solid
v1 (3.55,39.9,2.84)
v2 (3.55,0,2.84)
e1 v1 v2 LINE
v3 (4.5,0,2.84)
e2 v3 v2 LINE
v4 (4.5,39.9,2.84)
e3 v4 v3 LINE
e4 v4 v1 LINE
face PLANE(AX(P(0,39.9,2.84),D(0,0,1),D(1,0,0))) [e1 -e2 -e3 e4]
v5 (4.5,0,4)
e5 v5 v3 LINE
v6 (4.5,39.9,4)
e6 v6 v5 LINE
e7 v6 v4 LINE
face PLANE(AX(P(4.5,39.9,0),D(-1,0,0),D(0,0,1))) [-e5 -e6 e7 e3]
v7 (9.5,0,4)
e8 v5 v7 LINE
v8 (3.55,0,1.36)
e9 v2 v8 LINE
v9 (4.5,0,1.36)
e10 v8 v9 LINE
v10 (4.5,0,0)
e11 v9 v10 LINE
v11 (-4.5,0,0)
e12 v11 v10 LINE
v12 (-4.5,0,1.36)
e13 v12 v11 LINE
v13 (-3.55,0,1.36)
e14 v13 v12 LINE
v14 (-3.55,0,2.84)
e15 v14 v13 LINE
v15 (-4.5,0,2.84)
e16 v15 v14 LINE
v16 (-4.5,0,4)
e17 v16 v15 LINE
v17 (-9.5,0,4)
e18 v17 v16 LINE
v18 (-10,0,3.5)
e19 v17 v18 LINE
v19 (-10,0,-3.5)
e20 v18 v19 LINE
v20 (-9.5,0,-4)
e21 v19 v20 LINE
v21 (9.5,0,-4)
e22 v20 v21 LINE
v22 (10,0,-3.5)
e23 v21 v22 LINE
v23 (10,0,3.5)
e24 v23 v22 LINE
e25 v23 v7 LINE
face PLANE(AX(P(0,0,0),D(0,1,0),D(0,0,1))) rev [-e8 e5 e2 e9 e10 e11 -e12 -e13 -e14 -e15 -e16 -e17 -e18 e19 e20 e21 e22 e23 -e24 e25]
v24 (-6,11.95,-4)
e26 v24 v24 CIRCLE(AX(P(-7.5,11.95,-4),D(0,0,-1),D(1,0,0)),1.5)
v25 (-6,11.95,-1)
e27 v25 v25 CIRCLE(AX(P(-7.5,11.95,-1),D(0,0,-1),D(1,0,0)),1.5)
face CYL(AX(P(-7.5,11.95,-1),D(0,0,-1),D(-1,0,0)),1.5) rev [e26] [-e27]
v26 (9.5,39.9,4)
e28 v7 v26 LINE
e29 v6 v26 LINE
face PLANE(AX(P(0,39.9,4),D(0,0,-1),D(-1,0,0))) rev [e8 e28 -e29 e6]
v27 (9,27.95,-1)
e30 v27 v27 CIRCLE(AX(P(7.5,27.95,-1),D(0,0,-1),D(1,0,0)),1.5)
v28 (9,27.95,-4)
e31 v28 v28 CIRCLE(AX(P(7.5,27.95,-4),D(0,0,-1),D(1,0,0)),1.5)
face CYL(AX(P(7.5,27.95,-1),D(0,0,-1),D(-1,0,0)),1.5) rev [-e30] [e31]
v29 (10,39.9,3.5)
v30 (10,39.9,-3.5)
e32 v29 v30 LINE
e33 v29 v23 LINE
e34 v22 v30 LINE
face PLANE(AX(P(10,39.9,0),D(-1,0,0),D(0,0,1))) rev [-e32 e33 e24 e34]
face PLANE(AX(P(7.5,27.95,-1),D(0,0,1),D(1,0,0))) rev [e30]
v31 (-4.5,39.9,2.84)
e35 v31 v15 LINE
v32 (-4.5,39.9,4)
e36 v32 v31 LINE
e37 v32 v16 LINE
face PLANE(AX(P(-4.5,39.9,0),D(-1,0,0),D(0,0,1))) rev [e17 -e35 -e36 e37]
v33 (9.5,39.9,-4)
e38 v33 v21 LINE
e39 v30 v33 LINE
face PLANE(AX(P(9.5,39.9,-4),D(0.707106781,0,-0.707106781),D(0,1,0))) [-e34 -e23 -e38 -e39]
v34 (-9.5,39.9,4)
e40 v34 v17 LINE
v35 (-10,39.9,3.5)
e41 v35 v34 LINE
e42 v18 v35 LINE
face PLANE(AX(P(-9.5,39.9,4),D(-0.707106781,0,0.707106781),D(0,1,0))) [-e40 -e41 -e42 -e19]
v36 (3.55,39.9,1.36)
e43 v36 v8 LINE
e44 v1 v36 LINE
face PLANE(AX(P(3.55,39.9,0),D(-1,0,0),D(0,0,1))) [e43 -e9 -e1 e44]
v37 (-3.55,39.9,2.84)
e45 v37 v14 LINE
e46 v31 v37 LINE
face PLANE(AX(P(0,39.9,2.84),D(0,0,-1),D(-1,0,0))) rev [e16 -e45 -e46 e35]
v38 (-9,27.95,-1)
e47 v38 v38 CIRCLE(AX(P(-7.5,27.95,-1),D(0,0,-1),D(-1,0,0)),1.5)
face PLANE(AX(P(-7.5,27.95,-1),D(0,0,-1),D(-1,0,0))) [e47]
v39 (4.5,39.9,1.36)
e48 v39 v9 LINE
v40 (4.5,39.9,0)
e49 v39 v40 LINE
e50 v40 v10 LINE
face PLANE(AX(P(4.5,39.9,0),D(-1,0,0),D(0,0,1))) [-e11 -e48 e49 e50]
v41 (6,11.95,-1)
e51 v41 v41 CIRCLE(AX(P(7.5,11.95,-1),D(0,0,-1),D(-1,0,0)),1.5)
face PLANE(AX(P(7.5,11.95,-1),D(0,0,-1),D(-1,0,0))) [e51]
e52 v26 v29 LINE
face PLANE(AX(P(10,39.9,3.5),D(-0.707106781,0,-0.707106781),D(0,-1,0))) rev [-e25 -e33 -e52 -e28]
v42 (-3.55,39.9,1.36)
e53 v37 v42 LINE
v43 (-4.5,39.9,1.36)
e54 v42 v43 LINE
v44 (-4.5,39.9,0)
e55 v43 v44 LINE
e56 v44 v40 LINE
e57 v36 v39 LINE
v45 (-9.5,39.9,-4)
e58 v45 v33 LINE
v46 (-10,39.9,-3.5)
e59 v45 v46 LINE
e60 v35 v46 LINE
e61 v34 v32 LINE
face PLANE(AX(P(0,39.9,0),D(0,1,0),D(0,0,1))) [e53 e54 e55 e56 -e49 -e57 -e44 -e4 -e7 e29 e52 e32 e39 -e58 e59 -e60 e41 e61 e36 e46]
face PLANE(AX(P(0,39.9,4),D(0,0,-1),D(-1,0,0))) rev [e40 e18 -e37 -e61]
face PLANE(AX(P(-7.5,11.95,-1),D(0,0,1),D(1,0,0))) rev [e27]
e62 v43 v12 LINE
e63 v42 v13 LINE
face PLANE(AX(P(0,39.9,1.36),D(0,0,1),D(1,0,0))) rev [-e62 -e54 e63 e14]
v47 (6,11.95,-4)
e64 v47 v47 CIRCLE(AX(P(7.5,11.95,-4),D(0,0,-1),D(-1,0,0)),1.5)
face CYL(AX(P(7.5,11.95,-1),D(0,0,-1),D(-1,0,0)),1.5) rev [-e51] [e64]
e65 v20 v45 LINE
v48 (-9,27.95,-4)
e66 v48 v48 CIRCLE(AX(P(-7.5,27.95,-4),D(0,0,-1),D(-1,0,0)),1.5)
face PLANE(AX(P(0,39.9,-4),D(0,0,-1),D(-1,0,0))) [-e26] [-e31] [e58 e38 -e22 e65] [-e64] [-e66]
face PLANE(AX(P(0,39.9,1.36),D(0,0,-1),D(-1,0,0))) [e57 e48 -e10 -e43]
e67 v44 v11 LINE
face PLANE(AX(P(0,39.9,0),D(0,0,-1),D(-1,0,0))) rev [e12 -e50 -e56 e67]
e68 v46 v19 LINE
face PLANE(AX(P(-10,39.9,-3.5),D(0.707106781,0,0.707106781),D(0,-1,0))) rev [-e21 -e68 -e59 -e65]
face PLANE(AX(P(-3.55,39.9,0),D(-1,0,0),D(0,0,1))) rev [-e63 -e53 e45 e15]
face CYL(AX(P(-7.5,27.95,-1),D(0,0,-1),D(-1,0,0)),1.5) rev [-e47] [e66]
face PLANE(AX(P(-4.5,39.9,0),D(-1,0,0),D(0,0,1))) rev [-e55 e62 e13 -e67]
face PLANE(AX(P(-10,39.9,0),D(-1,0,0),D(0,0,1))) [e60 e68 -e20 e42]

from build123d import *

# Parameters (mm, degrees)
EXTRUDE_1_DEPTH     = 39.9
SKETCH_2_R          = 1.5
CUT_EXTRUDE_1_DEPTH = 3
CHAMFER_1_SIZE      = 0.5


with BuildPart() as part:
    # 草图1 → 凸台-拉伸1 (new body)
    with BuildSketch(Plane(origin=(0, 0, 0), x_dir=(1, 0, 0), z_dir=(0, 1, 0))):
        Polygon((-10, 4), (-10, -4), (-4.5, -4), (-4.5, -2.84), (-3.55, -2.84), (-3.55, -1.36), (-4.5, -1.36), (-4.5, 0), (4.5, 0), (4.5, -1.36), (3.55, -1.36), (3.55, -2.84), (4.5, -2.84), (4.5, -4), (10, -4), (10, 4), align=None)
    extrude(amount=EXTRUDE_1_DEPTH)

    # 草图2 → 切除-拉伸1 (cut)
    with BuildSketch(Plane(origin=(0, 0, -4), x_dir=(-1, 0, 0), z_dir=(0, 0, -1))):
        with Locations((7.5, 27.95)):
            Circle(SKETCH_2_R)
        with Locations(Location((-7.5, 27.95, 0), (0, 0, 180))):
            Circle(SKETCH_2_R)
        with Locations(Location((7.5, 11.95, 0), (0, 0, 180))):
            Circle(SKETCH_2_R)
        with Locations((-7.5, 11.95)):
            Circle(SKETCH_2_R)
    extrude(amount=-CUT_EXTRUDE_1_DEPTH, mode=Mode.SUBTRACT)

    # 倒角1
    chamfer_1_edges = [part.edges().sort_by_distance(p)[0] for p in [
        (-10, 19.95, 4),
        (-10, 19.95, -4),
        (10, 19.95, -4),
        (10, 19.95, 4),
    ]]
    chamfer(chamfer_1_edges, length=CHAMFER_1_SIZE)


solid = part.part
